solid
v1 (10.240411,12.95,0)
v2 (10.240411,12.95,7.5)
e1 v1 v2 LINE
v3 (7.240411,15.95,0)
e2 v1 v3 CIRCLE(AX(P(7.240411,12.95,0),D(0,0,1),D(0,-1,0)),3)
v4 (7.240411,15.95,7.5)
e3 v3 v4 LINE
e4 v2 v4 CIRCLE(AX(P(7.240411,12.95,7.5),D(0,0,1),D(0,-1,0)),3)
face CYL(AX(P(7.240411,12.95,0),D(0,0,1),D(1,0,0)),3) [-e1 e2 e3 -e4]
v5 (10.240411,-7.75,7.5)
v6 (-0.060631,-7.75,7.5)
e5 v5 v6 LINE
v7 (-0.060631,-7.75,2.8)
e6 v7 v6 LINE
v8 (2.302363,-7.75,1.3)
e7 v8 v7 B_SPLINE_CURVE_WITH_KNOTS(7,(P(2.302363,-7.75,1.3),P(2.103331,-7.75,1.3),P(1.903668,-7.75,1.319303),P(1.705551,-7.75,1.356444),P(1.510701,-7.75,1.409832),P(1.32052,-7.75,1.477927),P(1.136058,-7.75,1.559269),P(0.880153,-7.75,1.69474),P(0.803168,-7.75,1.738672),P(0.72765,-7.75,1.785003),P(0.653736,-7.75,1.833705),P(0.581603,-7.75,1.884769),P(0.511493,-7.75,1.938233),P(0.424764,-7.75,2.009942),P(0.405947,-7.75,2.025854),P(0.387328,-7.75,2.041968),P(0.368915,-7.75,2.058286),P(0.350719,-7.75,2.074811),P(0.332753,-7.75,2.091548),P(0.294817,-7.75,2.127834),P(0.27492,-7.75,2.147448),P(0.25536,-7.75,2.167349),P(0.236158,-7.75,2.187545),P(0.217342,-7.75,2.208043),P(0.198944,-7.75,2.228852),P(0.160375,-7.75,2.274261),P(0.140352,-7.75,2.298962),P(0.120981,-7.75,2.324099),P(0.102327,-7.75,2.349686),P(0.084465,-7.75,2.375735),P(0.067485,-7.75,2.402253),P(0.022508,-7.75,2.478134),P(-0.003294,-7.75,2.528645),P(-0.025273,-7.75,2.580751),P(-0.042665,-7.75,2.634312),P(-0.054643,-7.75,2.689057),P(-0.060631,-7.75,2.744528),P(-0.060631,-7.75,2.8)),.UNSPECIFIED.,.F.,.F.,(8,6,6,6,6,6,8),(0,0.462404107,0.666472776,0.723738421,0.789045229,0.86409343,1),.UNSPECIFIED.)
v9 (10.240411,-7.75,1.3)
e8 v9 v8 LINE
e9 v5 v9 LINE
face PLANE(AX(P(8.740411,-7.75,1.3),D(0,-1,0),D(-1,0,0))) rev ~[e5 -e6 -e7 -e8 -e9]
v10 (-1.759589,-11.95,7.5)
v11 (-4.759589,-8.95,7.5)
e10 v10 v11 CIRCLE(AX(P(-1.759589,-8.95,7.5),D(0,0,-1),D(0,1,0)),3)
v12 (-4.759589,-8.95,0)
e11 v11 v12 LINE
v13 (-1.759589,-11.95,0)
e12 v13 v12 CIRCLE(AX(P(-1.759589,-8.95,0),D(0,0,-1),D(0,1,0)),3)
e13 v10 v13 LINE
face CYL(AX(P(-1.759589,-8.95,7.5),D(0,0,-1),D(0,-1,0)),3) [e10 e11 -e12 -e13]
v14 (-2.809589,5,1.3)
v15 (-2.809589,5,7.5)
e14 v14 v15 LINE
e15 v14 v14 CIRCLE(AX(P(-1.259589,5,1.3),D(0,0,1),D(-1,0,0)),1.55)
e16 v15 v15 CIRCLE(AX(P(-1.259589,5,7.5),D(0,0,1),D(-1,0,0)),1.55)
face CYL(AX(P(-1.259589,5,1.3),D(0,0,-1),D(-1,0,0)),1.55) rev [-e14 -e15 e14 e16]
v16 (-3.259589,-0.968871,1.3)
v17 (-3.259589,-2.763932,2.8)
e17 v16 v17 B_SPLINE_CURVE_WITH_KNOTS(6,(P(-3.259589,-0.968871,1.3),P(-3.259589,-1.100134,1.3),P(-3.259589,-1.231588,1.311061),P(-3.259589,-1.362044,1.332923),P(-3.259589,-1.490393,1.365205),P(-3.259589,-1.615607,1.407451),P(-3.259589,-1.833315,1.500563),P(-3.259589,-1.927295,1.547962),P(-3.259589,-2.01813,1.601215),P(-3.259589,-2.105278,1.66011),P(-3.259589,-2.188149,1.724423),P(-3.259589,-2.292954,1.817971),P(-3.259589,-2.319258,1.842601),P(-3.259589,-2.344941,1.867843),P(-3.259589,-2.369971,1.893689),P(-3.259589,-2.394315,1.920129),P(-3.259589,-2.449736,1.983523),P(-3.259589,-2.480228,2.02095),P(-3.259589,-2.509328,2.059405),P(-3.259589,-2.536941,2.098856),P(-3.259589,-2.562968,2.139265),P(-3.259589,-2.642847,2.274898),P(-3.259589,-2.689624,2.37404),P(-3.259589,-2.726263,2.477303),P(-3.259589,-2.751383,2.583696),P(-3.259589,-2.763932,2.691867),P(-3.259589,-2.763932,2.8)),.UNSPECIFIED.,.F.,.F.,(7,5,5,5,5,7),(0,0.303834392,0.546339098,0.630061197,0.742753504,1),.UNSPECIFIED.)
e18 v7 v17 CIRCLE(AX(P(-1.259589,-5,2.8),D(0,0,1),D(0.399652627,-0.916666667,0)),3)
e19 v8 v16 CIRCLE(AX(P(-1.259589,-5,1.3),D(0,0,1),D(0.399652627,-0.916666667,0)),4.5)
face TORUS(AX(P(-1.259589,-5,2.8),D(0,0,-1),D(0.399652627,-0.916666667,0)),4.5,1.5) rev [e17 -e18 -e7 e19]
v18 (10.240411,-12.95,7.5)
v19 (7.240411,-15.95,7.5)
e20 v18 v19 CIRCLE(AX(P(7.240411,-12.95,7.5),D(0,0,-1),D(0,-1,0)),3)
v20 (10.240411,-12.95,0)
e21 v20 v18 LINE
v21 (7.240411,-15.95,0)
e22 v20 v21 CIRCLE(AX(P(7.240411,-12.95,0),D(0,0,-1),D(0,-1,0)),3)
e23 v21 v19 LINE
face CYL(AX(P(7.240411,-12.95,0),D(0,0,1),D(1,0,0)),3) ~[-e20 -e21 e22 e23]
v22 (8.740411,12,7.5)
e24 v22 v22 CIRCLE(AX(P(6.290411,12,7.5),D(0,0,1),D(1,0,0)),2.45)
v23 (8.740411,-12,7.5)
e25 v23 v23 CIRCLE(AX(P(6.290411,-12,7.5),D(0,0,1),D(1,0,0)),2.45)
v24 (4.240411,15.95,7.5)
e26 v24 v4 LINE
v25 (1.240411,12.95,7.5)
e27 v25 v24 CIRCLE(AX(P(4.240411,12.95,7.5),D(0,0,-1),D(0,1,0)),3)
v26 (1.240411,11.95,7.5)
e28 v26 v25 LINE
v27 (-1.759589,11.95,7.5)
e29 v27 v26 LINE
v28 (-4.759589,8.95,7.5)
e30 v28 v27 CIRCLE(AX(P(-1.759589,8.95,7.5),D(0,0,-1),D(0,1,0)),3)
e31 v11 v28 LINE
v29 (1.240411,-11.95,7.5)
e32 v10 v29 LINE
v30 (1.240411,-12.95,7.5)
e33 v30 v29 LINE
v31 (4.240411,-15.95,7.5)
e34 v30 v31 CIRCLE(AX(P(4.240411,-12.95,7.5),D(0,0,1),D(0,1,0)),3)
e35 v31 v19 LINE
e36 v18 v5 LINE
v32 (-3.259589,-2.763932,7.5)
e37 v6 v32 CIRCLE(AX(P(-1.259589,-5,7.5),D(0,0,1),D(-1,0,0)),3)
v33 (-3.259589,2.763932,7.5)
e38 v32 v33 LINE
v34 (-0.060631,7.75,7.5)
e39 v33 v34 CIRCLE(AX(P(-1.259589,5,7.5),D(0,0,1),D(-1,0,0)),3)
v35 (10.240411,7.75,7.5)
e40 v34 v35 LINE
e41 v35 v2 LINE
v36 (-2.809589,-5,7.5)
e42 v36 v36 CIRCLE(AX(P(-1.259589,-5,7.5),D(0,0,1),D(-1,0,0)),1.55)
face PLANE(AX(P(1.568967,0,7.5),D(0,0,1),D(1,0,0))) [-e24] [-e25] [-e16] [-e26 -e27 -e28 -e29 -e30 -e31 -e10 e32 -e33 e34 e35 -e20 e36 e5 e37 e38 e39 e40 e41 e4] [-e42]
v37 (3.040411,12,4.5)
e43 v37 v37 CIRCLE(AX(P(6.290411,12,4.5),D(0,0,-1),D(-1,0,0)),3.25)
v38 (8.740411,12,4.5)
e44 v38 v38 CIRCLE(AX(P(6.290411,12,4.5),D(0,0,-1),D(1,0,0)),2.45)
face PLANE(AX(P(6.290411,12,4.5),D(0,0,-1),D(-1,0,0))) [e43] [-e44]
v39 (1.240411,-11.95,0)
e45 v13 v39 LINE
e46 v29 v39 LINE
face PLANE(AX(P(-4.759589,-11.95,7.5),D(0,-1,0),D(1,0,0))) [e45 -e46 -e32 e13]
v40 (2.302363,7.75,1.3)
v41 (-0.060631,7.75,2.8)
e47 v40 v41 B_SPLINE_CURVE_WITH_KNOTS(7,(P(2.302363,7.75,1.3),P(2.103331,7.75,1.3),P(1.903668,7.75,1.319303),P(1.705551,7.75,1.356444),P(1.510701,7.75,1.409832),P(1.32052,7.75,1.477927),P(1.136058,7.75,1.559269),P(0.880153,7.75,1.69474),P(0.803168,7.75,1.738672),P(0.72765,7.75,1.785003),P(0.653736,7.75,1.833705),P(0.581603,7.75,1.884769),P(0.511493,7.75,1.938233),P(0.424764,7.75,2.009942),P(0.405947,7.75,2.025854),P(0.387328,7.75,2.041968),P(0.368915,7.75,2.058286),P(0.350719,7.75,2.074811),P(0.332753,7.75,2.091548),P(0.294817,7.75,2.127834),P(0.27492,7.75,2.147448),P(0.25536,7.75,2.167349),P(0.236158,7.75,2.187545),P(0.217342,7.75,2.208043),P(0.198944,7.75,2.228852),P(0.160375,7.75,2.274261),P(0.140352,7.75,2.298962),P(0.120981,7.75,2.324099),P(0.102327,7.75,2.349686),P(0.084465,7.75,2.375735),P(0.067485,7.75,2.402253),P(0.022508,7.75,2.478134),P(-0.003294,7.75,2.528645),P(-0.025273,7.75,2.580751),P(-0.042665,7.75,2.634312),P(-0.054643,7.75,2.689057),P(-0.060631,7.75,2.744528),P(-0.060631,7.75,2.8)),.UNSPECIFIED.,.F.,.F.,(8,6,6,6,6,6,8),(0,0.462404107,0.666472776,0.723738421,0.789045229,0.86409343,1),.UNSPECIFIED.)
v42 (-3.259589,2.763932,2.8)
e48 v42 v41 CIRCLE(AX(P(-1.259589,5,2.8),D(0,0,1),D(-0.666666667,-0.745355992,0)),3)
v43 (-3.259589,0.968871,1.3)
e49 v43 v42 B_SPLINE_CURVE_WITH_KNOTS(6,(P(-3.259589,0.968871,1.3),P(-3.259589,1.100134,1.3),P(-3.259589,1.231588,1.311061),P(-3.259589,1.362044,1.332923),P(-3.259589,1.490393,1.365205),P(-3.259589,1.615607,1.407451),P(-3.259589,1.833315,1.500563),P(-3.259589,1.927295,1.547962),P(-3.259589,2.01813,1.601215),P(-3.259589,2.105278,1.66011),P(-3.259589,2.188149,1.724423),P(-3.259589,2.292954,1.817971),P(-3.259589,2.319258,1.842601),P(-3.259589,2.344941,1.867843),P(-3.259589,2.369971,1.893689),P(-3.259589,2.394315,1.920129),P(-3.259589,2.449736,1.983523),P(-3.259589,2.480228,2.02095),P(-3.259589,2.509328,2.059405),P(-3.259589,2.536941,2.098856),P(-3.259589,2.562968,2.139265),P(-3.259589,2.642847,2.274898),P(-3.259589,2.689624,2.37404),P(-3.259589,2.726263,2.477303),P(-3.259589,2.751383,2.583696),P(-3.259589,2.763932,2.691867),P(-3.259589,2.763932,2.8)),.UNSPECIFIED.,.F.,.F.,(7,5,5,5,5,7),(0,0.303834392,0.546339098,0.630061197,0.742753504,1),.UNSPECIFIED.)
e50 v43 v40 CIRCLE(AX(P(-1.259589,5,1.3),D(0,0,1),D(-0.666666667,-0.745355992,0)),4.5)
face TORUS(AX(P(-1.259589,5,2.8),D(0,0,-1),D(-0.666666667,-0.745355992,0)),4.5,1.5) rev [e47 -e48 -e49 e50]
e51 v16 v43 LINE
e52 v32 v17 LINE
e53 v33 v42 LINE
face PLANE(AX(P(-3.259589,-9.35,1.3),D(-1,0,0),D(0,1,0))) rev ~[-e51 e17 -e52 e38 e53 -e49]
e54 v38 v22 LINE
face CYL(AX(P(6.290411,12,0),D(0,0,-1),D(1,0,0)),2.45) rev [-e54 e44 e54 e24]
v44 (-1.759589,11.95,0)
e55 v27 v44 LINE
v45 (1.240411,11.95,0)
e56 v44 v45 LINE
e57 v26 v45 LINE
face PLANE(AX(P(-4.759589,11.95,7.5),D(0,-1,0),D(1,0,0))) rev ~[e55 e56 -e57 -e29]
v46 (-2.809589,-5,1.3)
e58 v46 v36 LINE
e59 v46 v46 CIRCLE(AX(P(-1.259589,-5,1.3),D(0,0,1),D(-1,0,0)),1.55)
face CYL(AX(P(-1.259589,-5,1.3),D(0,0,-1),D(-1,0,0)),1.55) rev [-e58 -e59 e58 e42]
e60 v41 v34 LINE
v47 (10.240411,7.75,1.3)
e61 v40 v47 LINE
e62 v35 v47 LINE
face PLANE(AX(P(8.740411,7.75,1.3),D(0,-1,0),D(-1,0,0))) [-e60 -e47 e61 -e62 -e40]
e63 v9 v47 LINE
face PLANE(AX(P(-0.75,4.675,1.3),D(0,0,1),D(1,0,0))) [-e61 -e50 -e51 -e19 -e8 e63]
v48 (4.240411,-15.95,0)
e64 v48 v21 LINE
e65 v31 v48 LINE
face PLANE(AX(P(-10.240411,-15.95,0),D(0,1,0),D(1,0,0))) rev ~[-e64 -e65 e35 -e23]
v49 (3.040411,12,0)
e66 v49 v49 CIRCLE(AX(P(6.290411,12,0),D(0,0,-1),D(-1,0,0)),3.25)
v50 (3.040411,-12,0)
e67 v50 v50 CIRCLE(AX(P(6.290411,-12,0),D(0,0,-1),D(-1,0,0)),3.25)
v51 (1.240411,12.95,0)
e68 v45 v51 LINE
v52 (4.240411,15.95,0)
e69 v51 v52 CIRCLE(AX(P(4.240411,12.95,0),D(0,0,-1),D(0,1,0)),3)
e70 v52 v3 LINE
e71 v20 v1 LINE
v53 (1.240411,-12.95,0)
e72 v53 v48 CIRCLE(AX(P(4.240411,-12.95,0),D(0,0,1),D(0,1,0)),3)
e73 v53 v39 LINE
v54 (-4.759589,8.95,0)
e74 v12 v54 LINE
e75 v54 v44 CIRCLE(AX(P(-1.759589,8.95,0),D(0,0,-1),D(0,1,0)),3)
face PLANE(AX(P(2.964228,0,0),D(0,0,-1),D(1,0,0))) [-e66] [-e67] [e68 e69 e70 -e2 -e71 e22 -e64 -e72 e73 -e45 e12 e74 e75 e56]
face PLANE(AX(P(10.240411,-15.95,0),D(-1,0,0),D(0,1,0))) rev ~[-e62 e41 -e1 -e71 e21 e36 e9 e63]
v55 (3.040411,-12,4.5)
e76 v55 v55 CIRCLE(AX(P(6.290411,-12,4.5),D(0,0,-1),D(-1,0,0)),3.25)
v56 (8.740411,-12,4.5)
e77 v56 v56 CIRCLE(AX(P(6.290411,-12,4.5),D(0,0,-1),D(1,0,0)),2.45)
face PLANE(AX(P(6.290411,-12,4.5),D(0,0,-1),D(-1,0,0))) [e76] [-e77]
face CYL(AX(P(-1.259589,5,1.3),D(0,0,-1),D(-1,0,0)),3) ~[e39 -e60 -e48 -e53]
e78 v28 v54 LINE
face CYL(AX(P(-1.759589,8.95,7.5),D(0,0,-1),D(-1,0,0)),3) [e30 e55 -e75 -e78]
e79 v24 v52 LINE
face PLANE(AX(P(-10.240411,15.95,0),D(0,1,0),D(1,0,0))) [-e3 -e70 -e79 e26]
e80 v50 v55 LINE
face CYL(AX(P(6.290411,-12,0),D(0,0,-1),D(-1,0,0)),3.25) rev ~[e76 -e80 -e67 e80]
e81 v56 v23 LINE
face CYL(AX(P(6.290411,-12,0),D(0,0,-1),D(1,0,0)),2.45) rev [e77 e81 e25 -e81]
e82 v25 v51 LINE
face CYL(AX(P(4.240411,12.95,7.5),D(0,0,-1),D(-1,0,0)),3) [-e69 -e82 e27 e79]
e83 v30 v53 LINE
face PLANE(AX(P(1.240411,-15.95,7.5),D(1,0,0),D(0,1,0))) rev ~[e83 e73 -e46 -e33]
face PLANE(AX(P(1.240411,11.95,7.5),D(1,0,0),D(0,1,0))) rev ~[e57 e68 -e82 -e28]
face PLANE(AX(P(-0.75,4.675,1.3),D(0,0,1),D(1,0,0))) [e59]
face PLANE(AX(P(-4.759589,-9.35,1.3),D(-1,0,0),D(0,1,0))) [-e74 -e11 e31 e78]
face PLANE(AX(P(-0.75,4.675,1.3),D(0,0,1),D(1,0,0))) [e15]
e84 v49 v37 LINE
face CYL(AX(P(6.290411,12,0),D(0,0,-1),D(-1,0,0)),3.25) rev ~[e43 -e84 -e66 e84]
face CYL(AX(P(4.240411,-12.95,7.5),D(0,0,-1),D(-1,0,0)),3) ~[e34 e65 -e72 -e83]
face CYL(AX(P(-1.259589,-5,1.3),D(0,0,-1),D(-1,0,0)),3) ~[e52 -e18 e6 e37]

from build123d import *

# Parameters (mm, degrees)
SKETCH1_W                       = 20.480821918
SKETCH1_H                       = 31.9
SKETCH1_R                       = 2.45
BOSS_EXTRUDE1_DEPTH             = 7.5
SKETCH2_W                       = 18.980821918
SKETCH2_H                       = 9.35
CUT_EXTRUDE1_DEPTH              = 6.2
CUT_EXTRUDE2_REACH              = 22.384
SKETCH5_W                       = 5.480821918
SKETCH5_H                       = 31.9
SKETCH3_R                       = 3
SKETCH3_R_2                     = 1.55
BOSS_EXTRUDE4_DEPTH             = 6.2
SKETCH6_W                       = 1.5
SKETCH6_H                       = 15.5
CUT_EXTRUDE3_DEPTH              = 6.2
SKETCH7_W                       = 1.5
SKETCH7_H                       = 18.7
BOSS_EXTRUDE5_DEPTH             = 6.2
FILLET1_R                       = 3
SKETCH8_W                       = 6
SKETCH8_H                       = 4
CUT_EXTRUDE4_DEPTH              = 7.5
FILLET2_R                       = 3
BOSS_EXTRUDE6_REACH             = 21.943
BOSS_EXTRUDE6_DIRECTION_2_REACH = 21.943
SKETCH10_R                      = 3.25
CUT_EXTRUDE6_DEPTH              = 4.5
FILLET3_R                       = 1.5


with BuildPart() as part:
    # Sketch1 → Boss-Extrude1 (new body)
    with BuildSketch(Plane.XY):
        Rectangle(SKETCH1_W, SKETCH1_H)
        with Locations((6.290410959, 12)):
            Circle(SKETCH1_R, mode=Mode.SUBTRACT)
        with Locations((6.290410959, -12)):
            Circle(SKETCH1_R, mode=Mode.SUBTRACT)
    extrude(amount=BOSS_EXTRUDE1_DEPTH)

    # Sketch2 → Cut-Extrude1 (cut)
    with BuildSketch(Plane.XY.offset(7.5)):
        with Locations((-0.75, 4.675)):
            Rectangle(SKETCH2_W, SKETCH2_H)
        with Locations((-0.75, -4.675)):
            Rectangle(SKETCH2_W, SKETCH2_H)
    extrude(amount=-CUT_EXTRUDE1_DEPTH, mode=Mode.SUBTRACT)

    # Cut-Extrude2: up to this face of the body (flat: up to its plane)
    cut_extrude2_end = Plane(part.part.faces().sort_by_distance((-0.385368256, 0, 0))[0])
    # Sketch5 → Cut-Extrude2 (cut, up to the picked face)
    with BuildSketch(Plane.XY.offset(7.5), mode=Mode.PRIVATE) as cut_extrude2_sk1:
        with Locations((-7.5, 0)):
            Rectangle(SKETCH5_W, SKETCH5_H)
    cut_extrude2_tool1 = split(extrude(cut_extrude2_sk1.sketch, amount=-CUT_EXTRUDE2_REACH, mode=Mode.PRIVATE), bisect_by=cut_extrude2_end, keep=Keep.BOTH, mode=Mode.PRIVATE)
    add(cut_extrude2_tool1.solids().sort_by(Axis((-7.5, 0, 7.5), (0, 0, -1)))[0], mode=Mode.SUBTRACT)

    # Sketch3 → Boss-Extrude4 (add)
    # profile 1 of 2: a face of its own
    with BuildSketch(Plane.XY.offset(1.3)):
        with Locations(Location((-1.259589041, 5, 0), (0, 0, 180))):
            Circle(SKETCH3_R)
        with Locations(Location((-1.259589041, 5, 0), (0, 0, 180))):
            Circle(SKETCH3_R_2, mode=Mode.SUBTRACT)
    # profile 2 of 2: a face of its own
    with BuildSketch(Plane.XY.offset(1.3)):
        with Locations(Location((-1.259589041, -5, 0), (0, 0, 180))):
            Circle(SKETCH3_R)
        with Locations(Location((-1.259589041, -5, 0), (0, 0, 180))):
            Circle(SKETCH3_R_2, mode=Mode.SUBTRACT)
    extrude(amount=BOSS_EXTRUDE4_DEPTH)

    # Sketch6 → Cut-Extrude3 (cut)
    with BuildSketch(Plane.XY.offset(7.5)):
        with Locations((9.490410959, 0)):
            Rectangle(SKETCH6_W, SKETCH6_H)
    extrude(amount=-CUT_EXTRUDE3_DEPTH, mode=Mode.SUBTRACT)

    # Sketch7 → Boss-Extrude5 (add)
    with BuildSketch(Plane.XY.offset(1.3)):
        with Locations((-4.009589041, 0)):
            Rectangle(SKETCH7_W, SKETCH7_H)
    extrude(amount=BOSS_EXTRUDE5_DEPTH)

    # Fillet1
    fillet1_edges = [part.edges().sort_by_distance(p)[0] for p in [
        (10.240410959, 15.95, 3.75),
        (10.240410959, -15.95, 3.75),
    ]]
    fillet(fillet1_edges, radius=FILLET1_R)

    # Sketch8 → Cut-Extrude4 (cut)
    with BuildSketch(Plane.XY.offset(7.5)):
        with Locations((-1.759589041, 13.95)):
            Rectangle(SKETCH8_W, SKETCH8_H)
        with Locations((-1.759589041, -13.95)):
            Rectangle(SKETCH8_W, SKETCH8_H)
    extrude(amount=-CUT_EXTRUDE4_DEPTH, mode=Mode.SUBTRACT)

    # Fillet2
    fillet2_edges = [part.edges().sort_by_distance(p)[0] for p in [
        (1.240410959, 15.95, 3.75),
        (-4.759589041, 11.95, 3.75),
        (1.240410959, -15.95, 3.75),
        (-4.759589041, -11.95, 3.75),
    ]]
    fillet(fillet2_edges, radius=FILLET2_R)

    # Boss-Extrude6: up to this face of the body (flat: up to its plane)
    boss_extrude6_end = Plane(part.part.faces().sort_by_distance((5.740410959, -15.597493262, 7.5))[0])
    # Sketch11 → Boss-Extrude6 (add, up to the picked face)
    with BuildSketch(Plane.XY.offset(1.3), mode=Mode.PRIVATE) as boss_extrude6_sk1:
        with BuildLine():
            Line((-3.259589041, 7.236067977), (-3.259589041, 7.75))
            Line((-3.259589041, 7.75), (-3.259589041, 9.35))
            Line((-3.259589041, 9.35), (8.740410959, 9.35))
            Line((8.740410959, 9.35), (8.740410959, 7.75))
            Line((8.740410959, 7.75), (-0.06063116, 7.75))
            ThreePointArc((-0.06063116, 7.75), (-1.735455251, 7.962018121), (-3.259589041, 7.236067977))
        make_face()
    boss_extrude6_tool1 = split(extrude(boss_extrude6_sk1.sketch, amount=BOSS_EXTRUDE6_REACH, mode=Mode.PRIVATE), bisect_by=boss_extrude6_end, keep=Keep.BOTH, mode=Mode.PRIVATE)
    # Sketch11 → Boss-Extrude6 (add, up to the picked face)
    with BuildSketch(Plane.XY.offset(1.3), mode=Mode.PRIVATE) as boss_extrude6_sk2:
        with BuildLine():
            Line((-3.259589041, -7.75), (-3.259589041, -9.35))
            Line((-3.259589041, -9.35), (8.740410959, -9.35))
            Line((8.740410959, -9.35), (8.740410959, -7.75))
            Line((8.740410959, -7.75), (-0.06063116, -7.75))
            ThreePointArc((-0.06063116, -7.75), (-1.735455251, -7.962018121), (-3.259589041, -7.236067977))
            Line((-3.259589041, -7.236067977), (-3.259589041, -7.75))
        make_face()
    boss_extrude6_tool2 = split(extrude(boss_extrude6_sk2.sketch, amount=BOSS_EXTRUDE6_REACH, mode=Mode.PRIVATE), bisect_by=boss_extrude6_end, keep=Keep.BOTH, mode=Mode.PRIVATE)
    add(boss_extrude6_tool1.solids().sort_by(Axis((2.770321, 8.555653, 1.3), (0, 0, 1)))[0])
    add(boss_extrude6_tool2.solids().sort_by(Axis((2.770321, -8.555653, 1.3), (0, 0, 1)))[0])

    # Boss-Extrude6 direction 2: up to this face of the body (flat: up to its plane)
    boss_extrude6_direction_2_end = Plane(part.part.faces().sort_by_distance((2.964227546, 0, 0))[0])
    # Sketch11 → Boss-Extrude6 direction 2 (add, up to the picked face)
    with BuildSketch(Plane.XY.offset(1.3), mode=Mode.PRIVATE) as boss_extrude6_direction_2_sk1:
        with BuildLine():
            Line((-3.259589041, 7.236067977), (-3.259589041, 7.75))
            Line((-3.259589041, 7.75), (-3.259589041, 9.35))
            Line((-3.259589041, 9.35), (8.740410959, 9.35))
            Line((8.740410959, 9.35), (8.740410959, 7.75))
            Line((8.740410959, 7.75), (-0.06063116, 7.75))
            ThreePointArc((-0.06063116, 7.75), (-1.735455251, 7.962018121), (-3.259589041, 7.236067977))
        make_face()
    boss_extrude6_direction_2_tool1 = split(extrude(boss_extrude6_direction_2_sk1.sketch, amount=-BOSS_EXTRUDE6_DIRECTION_2_REACH, mode=Mode.PRIVATE), bisect_by=boss_extrude6_direction_2_end, keep=Keep.BOTH, mode=Mode.PRIVATE)
    # Sketch11 → Boss-Extrude6 direction 2 (add, up to the picked face)
    with BuildSketch(Plane.XY.offset(1.3), mode=Mode.PRIVATE) as boss_extrude6_direction_2_sk2:
        with BuildLine():
            Line((-3.259589041, -7.75), (-3.259589041, -9.35))
            Line((-3.259589041, -9.35), (8.740410959, -9.35))
            Line((8.740410959, -9.35), (8.740410959, -7.75))
            Line((8.740410959, -7.75), (-0.06063116, -7.75))
            ThreePointArc((-0.06063116, -7.75), (-1.735455251, -7.962018121), (-3.259589041, -7.236067977))
            Line((-3.259589041, -7.236067977), (-3.259589041, -7.75))
        make_face()
    boss_extrude6_direction_2_tool2 = split(extrude(boss_extrude6_direction_2_sk2.sketch, amount=-BOSS_EXTRUDE6_DIRECTION_2_REACH, mode=Mode.PRIVATE), bisect_by=boss_extrude6_direction_2_end, keep=Keep.BOTH, mode=Mode.PRIVATE)
    add(boss_extrude6_direction_2_tool1.solids().sort_by(Axis((2.770321, 8.555653, 1.3), (0, 0, -1)))[0])
    add(boss_extrude6_direction_2_tool2.solids().sort_by(Axis((2.770321, -8.555653, 1.3), (0, 0, -1)))[0])

    # Sketch10 → Cut-Extrude6 (cut)
    with BuildSketch(Plane(origin=(0, 0, 0), x_dir=(-1, 0, 0), z_dir=(0, 0, -1))):
        with Locations((-6.290410959, 12)):
            Circle(SKETCH10_R)
        with Locations((-6.290410959, -12)):
            Circle(SKETCH10_R)
    extrude(amount=-CUT_EXTRUDE6_DEPTH, mode=Mode.SUBTRACT)

    # Fillet3
    fillet3_edges = [part.edges().sort_by_distance(p)[0] for p in [
        (1.265413056, 3.380010984, 1.3),
        (1.265413056, -3.380010984, 1.3),
    ]]
    fillet(fillet3_edges, radius=FILLET3_R)


solid = part.part
